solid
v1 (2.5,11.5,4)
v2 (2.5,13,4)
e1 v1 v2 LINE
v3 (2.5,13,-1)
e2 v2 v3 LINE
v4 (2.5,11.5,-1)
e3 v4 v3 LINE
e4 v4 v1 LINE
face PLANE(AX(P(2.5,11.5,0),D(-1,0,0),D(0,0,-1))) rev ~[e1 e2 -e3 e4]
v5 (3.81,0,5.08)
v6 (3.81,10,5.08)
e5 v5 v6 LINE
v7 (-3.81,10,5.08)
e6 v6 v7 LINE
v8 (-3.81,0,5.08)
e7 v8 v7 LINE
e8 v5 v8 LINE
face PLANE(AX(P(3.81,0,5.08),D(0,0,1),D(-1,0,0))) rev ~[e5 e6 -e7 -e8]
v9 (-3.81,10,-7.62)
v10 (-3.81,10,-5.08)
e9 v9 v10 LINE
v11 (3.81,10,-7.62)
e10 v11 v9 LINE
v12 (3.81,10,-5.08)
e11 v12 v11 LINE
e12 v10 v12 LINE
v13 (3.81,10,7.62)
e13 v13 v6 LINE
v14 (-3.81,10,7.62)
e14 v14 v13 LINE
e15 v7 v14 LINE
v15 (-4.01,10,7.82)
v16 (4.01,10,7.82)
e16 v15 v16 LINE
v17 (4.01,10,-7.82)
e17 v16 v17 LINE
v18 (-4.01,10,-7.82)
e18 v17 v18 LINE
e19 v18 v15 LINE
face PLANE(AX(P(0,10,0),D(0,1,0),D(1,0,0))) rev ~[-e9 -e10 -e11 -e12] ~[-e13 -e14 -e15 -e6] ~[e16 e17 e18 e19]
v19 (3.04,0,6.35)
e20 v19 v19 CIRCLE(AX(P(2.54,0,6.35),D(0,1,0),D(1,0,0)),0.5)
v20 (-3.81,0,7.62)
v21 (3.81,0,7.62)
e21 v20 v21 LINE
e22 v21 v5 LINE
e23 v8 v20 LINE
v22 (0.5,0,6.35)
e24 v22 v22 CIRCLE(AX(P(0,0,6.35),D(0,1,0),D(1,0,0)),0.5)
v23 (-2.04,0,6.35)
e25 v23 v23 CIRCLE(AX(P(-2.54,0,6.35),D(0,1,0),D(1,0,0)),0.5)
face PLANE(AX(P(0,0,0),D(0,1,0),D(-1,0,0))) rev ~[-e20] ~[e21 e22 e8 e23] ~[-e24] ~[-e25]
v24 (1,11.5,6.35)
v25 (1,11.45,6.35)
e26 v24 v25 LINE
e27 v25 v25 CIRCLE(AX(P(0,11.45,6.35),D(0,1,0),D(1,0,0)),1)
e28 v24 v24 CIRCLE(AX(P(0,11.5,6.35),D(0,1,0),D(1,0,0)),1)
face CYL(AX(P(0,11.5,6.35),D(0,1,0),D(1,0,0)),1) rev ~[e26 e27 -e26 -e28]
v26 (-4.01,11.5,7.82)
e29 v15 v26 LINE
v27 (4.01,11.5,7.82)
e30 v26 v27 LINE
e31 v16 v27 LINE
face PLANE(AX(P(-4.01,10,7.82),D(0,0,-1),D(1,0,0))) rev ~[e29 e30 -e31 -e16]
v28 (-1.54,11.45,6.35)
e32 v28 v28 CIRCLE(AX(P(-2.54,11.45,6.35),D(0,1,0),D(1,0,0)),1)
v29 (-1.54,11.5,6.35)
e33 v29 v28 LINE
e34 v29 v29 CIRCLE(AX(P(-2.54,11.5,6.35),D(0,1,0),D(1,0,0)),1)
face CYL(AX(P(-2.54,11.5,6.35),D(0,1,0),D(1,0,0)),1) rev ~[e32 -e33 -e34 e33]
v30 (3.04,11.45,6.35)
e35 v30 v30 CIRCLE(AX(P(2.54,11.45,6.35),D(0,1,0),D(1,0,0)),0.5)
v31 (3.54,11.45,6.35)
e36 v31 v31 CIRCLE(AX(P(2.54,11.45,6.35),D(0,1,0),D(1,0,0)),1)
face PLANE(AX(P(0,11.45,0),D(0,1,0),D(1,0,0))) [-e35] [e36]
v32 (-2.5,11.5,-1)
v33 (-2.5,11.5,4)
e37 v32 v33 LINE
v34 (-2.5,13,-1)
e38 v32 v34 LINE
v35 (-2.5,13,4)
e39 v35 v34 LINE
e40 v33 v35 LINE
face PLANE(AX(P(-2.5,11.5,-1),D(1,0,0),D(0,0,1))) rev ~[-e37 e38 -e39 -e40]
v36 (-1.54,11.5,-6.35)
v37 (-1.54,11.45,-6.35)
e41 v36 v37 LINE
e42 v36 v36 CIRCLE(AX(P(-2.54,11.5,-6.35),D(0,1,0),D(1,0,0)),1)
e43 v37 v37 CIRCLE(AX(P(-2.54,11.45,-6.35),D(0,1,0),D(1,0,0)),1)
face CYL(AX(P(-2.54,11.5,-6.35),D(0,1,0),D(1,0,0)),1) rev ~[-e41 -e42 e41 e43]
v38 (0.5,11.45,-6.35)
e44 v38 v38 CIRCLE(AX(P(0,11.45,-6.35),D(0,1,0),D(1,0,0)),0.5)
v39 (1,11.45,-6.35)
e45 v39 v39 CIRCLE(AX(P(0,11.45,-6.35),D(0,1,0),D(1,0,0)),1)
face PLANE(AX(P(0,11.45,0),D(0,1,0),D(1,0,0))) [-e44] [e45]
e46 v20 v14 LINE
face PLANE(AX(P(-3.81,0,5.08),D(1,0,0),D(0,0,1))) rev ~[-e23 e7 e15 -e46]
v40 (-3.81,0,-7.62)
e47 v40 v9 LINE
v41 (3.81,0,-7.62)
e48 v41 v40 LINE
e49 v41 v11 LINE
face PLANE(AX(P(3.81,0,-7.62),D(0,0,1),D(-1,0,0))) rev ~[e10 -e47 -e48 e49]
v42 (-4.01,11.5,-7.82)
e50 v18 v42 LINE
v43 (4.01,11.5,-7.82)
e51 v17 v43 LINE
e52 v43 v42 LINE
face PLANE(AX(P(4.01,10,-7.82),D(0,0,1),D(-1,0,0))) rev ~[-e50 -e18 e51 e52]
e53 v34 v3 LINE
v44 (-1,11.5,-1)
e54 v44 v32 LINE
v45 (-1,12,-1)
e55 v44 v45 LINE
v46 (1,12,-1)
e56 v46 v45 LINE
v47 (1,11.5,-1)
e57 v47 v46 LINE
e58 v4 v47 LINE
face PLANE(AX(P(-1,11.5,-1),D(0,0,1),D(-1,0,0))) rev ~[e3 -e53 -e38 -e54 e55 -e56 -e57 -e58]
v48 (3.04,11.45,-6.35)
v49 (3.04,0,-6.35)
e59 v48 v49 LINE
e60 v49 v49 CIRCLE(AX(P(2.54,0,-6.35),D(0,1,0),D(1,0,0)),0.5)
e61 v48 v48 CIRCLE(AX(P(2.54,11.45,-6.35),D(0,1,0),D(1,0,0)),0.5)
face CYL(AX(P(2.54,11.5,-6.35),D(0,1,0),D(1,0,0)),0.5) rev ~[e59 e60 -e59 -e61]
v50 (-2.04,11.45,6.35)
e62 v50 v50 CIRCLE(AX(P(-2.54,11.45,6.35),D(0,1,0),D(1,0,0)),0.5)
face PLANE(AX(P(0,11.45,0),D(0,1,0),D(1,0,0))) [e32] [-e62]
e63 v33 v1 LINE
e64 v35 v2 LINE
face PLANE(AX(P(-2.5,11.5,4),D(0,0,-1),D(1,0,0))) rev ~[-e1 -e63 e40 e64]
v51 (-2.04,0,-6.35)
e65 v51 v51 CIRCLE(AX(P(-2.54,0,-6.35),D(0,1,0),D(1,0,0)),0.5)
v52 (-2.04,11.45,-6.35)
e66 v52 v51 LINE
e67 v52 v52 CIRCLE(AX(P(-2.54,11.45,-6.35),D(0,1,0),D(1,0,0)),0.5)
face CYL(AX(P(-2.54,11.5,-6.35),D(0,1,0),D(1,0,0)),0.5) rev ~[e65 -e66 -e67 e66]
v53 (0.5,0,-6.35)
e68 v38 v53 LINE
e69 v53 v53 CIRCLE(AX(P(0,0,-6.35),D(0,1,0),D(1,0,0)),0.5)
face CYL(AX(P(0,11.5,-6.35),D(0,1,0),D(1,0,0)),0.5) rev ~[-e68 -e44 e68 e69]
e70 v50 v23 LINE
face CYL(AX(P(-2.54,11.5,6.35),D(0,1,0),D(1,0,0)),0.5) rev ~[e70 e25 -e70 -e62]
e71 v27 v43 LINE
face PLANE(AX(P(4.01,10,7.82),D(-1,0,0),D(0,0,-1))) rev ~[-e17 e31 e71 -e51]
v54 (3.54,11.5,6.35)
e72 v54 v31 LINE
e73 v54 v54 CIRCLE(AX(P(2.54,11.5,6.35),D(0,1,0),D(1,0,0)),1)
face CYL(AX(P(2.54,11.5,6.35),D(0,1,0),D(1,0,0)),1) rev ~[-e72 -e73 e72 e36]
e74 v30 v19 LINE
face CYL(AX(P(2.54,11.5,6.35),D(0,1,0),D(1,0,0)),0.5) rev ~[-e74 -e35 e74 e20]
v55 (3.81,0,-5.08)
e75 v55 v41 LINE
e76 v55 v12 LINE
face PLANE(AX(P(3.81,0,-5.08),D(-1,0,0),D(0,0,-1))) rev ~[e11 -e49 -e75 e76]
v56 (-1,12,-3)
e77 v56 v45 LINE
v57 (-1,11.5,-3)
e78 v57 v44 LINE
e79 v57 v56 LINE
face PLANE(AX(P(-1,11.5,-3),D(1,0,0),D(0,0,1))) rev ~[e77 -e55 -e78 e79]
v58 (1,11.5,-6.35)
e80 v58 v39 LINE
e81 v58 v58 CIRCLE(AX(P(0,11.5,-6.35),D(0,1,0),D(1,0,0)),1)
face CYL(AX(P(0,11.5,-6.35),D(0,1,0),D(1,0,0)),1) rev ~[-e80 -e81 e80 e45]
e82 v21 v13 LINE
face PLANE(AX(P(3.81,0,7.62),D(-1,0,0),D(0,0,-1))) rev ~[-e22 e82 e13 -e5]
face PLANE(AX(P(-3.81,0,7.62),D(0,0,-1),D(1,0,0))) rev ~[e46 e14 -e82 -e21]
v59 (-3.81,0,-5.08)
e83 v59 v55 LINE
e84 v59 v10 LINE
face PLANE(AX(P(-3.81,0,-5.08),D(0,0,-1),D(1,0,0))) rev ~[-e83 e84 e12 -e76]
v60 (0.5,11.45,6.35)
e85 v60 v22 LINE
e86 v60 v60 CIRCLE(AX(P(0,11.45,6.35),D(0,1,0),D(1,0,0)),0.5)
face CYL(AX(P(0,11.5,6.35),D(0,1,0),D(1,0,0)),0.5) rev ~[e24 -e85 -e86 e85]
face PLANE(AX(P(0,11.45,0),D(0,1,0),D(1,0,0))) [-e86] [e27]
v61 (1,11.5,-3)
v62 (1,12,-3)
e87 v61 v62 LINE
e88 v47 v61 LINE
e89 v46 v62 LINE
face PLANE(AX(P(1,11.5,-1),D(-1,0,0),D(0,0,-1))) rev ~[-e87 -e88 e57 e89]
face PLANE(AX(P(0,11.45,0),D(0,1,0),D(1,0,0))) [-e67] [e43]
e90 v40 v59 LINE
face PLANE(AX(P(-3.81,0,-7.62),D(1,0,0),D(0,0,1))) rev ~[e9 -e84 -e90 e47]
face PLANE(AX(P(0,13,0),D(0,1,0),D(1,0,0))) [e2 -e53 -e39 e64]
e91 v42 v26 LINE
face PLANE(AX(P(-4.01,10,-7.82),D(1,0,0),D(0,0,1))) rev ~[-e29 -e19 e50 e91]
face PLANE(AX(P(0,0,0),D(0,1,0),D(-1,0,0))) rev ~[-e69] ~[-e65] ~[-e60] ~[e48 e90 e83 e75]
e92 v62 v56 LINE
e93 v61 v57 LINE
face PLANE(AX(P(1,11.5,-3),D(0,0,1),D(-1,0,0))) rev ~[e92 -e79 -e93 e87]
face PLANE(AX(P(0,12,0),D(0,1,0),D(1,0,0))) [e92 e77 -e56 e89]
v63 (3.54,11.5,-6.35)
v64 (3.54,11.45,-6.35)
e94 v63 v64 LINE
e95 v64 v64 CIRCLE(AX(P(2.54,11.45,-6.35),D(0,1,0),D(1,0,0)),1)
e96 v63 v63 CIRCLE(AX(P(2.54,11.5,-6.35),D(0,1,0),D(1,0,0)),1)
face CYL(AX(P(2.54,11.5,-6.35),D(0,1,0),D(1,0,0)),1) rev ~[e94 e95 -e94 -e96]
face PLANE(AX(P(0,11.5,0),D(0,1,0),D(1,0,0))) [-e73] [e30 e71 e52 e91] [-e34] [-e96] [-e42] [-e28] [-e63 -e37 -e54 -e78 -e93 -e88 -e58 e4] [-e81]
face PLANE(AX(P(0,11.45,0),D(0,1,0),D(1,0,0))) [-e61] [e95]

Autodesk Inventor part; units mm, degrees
ref_plane "YZ Plane" through (0, 0, 0) normal (1, 0, 0) x (0, 1, 0)
ref_plane "XZ Plane" through (0, 0, 0) normal (0, 1, 0) x (-1, 0, 0)
ref_plane "XY Plane" through (0, 0, 0) normal (0, 0, 1) x (1, 0, 0)
sketch "スケッチ1" plane through (0, 0, 0) normal (0, 1, 0) x (-1, 0, 0)
  line L0 (3.81, -5.08) -> (-3.81, -5.08)
  line L1 (-3.81, -5.08) -> (-3.81, -7.62)
  line L2 (-3.81, -7.62) -> (3.81, -7.62)
  line L3 (3.81, -7.62) -> (3.81, -5.08)
  line L4 (3.81, 7.62) -> (-3.81, 7.62)
  line L5 (-3.81, 7.62) -> (-3.81, 5.08)
  line L6 (-3.81, 5.08) -> (3.81, 5.08)
  line L7 (3.81, 5.08) -> (3.81, 7.62)
  line L8 (5.334, 0) -> (-5.334, 0) projected
  point P0 (0, 0)
  point P1 (0, 7.62)
  point P2 (3.81, 6.35)
  point P3 (3.81, -6.35)
  point P4 (-5.334, 0)
  dimension "d0" = 7.62
  dimension "d1" = 2.54
  dimension "d2" = 12.7
extrude "押し出し1" add sketch "スケッチ1" along normal blind 10
sketch "スケッチ2" plane through (0, 10, 0) normal (0, 1, 0) x (1, 0, 0)
  line L0 (-4.01, -7.82) -> (4.01, -7.82)
  line L1 (4.01, -7.82) -> (4.01, 7.82)
  line L2 (4.01, 7.82) -> (-4.01, 7.82)
  line L3 (-4.01, 7.82) -> (-4.01, -7.82)
  line L4 (-3.81, -5.08) -> (-3.81, -7.62) projected
  line L5 (-3.81, -7.62) -> (3.81, -7.62) projected
  point P0 (0, 0)
  point P1 (0, -7.82)
  point P2 (-4.01, 0)
  dimension "d7" = 0.2
  dimension "d8" = 0.2
extrude "押し出し2" add sketch "スケッチ2" along normal blind 1.5
sketch "スケッチ3" plane through (0, 11.5, 0) normal (0, 1, 0) x (1, 0, 0)
  line L0 (3.81, -7.62) -> (3.81, -5.08) projected
  line L1 (-3.81, -7.62) -> (3.81, -7.62) projected
  line L2 (-3.81, -5.08) -> (-3.81, -7.62) projected
  line L3 (3.81, -5.08) -> (-3.81, -5.08) projected
  line L4 (3.81, 5.08) -> (3.81, 7.62) projected
  line L5 (-3.81, 5.08) -> (3.81, 5.08) projected
  line L6 (-3.81, 7.62) -> (-3.81, 5.08) projected
  line L7 (3.81, 7.62) -> (-3.81, 7.62) projected
  circle A0 centre (-2.54, -6.35) radius 1
  line L8 (-3.81, -5.08) -> (-3.81, -7.62) projected
  circle A1 centre (0, -6.35) radius 1
  circle A2 centre (2.54, -6.35) radius 1
  line L9 (-5.614, 0) -> (5.614, 0) projected
  circle A3 centre (-2.54, 6.35) radius 1
  line L10 (-3.81, 5.08) -> (-3.81, 7.62)
  circle A4 centre (0, 6.35) radius 1
  circle A5 centre (2.54, 6.35) radius 1
  circle A6 centre (-2.54, -6.35) radius 0.5
  circle A7 centre (0, -6.35) radius 0.5
  circle A8 centre (2.54, -6.35) radius 0.5
  circle A9 centre (-2.54, 6.35) radius 0.5
  circle A10 centre (0, 6.35) radius 0.5
  circle A11 centre (2.54, 6.35) radius 0.5
  line L11 (-2.5, -4) -> (2.5, -4)
  line L12 (2.5, -4) -> (2.5, 1)
  line L13 (2.5, 1) -> (-2.5, 1)
  line L14 (-2.5, 1) -> (-2.5, -4)
  line L15 (-1, 1) -> (1, 1)
  line L16 (1, 1) -> (1, 3)
  line L17 (1, 3) -> (-1, 3)
  line L18 (-1, 3) -> (-1, 1)
  point P0 (0.6683, -5.6061)
  point P1 (-3.81, -6.35)
  point P2 (-3.81, -6.35)
  point P3 (0, 0)
  point P4 (0.6683, 5.6061)
  point P5 (-3.81, 6.35)
  point P6 (-3.81, 6.35)
  point P7 (0, 1)
  point P8 (0, 3)
  dimension "d9" = 2
  dimension "d10" = 2.54
  dimension "d11" = 2.54
  dimension "d12" = 1
  dimension "d13" = 1
  dimension "d14" = 1
  dimension "d15" = 1
  dimension "d16" = 1
  dimension "d17" = 1
  dimension "d18" = 1
  dimension "d19" = 5
  dimension "d20" = 5
  dimension "d21" = 2
extrude "押し出し3" cut sketch "スケッチ3" against normal through all contours A6 | A7 | A8 | A9 | A10 | A11
extrude "押し出し4" cut sketch "スケッチ3" against normal blind 0.05 contours A0 | A1 | A2 | A3 | A4 | A5
extrude "押し出し5" add sketch "スケッチ3" along normal blind 1.5 contours L14 L13 L12 L9 | L9 L12 L11 L14
extrude "押し出し6" add sketch "スケッチ3" along normal blind 0.5 contours L18 L17 L16 L13
equation "\"d11\" = d10"
properties part number "TPS61230A"
